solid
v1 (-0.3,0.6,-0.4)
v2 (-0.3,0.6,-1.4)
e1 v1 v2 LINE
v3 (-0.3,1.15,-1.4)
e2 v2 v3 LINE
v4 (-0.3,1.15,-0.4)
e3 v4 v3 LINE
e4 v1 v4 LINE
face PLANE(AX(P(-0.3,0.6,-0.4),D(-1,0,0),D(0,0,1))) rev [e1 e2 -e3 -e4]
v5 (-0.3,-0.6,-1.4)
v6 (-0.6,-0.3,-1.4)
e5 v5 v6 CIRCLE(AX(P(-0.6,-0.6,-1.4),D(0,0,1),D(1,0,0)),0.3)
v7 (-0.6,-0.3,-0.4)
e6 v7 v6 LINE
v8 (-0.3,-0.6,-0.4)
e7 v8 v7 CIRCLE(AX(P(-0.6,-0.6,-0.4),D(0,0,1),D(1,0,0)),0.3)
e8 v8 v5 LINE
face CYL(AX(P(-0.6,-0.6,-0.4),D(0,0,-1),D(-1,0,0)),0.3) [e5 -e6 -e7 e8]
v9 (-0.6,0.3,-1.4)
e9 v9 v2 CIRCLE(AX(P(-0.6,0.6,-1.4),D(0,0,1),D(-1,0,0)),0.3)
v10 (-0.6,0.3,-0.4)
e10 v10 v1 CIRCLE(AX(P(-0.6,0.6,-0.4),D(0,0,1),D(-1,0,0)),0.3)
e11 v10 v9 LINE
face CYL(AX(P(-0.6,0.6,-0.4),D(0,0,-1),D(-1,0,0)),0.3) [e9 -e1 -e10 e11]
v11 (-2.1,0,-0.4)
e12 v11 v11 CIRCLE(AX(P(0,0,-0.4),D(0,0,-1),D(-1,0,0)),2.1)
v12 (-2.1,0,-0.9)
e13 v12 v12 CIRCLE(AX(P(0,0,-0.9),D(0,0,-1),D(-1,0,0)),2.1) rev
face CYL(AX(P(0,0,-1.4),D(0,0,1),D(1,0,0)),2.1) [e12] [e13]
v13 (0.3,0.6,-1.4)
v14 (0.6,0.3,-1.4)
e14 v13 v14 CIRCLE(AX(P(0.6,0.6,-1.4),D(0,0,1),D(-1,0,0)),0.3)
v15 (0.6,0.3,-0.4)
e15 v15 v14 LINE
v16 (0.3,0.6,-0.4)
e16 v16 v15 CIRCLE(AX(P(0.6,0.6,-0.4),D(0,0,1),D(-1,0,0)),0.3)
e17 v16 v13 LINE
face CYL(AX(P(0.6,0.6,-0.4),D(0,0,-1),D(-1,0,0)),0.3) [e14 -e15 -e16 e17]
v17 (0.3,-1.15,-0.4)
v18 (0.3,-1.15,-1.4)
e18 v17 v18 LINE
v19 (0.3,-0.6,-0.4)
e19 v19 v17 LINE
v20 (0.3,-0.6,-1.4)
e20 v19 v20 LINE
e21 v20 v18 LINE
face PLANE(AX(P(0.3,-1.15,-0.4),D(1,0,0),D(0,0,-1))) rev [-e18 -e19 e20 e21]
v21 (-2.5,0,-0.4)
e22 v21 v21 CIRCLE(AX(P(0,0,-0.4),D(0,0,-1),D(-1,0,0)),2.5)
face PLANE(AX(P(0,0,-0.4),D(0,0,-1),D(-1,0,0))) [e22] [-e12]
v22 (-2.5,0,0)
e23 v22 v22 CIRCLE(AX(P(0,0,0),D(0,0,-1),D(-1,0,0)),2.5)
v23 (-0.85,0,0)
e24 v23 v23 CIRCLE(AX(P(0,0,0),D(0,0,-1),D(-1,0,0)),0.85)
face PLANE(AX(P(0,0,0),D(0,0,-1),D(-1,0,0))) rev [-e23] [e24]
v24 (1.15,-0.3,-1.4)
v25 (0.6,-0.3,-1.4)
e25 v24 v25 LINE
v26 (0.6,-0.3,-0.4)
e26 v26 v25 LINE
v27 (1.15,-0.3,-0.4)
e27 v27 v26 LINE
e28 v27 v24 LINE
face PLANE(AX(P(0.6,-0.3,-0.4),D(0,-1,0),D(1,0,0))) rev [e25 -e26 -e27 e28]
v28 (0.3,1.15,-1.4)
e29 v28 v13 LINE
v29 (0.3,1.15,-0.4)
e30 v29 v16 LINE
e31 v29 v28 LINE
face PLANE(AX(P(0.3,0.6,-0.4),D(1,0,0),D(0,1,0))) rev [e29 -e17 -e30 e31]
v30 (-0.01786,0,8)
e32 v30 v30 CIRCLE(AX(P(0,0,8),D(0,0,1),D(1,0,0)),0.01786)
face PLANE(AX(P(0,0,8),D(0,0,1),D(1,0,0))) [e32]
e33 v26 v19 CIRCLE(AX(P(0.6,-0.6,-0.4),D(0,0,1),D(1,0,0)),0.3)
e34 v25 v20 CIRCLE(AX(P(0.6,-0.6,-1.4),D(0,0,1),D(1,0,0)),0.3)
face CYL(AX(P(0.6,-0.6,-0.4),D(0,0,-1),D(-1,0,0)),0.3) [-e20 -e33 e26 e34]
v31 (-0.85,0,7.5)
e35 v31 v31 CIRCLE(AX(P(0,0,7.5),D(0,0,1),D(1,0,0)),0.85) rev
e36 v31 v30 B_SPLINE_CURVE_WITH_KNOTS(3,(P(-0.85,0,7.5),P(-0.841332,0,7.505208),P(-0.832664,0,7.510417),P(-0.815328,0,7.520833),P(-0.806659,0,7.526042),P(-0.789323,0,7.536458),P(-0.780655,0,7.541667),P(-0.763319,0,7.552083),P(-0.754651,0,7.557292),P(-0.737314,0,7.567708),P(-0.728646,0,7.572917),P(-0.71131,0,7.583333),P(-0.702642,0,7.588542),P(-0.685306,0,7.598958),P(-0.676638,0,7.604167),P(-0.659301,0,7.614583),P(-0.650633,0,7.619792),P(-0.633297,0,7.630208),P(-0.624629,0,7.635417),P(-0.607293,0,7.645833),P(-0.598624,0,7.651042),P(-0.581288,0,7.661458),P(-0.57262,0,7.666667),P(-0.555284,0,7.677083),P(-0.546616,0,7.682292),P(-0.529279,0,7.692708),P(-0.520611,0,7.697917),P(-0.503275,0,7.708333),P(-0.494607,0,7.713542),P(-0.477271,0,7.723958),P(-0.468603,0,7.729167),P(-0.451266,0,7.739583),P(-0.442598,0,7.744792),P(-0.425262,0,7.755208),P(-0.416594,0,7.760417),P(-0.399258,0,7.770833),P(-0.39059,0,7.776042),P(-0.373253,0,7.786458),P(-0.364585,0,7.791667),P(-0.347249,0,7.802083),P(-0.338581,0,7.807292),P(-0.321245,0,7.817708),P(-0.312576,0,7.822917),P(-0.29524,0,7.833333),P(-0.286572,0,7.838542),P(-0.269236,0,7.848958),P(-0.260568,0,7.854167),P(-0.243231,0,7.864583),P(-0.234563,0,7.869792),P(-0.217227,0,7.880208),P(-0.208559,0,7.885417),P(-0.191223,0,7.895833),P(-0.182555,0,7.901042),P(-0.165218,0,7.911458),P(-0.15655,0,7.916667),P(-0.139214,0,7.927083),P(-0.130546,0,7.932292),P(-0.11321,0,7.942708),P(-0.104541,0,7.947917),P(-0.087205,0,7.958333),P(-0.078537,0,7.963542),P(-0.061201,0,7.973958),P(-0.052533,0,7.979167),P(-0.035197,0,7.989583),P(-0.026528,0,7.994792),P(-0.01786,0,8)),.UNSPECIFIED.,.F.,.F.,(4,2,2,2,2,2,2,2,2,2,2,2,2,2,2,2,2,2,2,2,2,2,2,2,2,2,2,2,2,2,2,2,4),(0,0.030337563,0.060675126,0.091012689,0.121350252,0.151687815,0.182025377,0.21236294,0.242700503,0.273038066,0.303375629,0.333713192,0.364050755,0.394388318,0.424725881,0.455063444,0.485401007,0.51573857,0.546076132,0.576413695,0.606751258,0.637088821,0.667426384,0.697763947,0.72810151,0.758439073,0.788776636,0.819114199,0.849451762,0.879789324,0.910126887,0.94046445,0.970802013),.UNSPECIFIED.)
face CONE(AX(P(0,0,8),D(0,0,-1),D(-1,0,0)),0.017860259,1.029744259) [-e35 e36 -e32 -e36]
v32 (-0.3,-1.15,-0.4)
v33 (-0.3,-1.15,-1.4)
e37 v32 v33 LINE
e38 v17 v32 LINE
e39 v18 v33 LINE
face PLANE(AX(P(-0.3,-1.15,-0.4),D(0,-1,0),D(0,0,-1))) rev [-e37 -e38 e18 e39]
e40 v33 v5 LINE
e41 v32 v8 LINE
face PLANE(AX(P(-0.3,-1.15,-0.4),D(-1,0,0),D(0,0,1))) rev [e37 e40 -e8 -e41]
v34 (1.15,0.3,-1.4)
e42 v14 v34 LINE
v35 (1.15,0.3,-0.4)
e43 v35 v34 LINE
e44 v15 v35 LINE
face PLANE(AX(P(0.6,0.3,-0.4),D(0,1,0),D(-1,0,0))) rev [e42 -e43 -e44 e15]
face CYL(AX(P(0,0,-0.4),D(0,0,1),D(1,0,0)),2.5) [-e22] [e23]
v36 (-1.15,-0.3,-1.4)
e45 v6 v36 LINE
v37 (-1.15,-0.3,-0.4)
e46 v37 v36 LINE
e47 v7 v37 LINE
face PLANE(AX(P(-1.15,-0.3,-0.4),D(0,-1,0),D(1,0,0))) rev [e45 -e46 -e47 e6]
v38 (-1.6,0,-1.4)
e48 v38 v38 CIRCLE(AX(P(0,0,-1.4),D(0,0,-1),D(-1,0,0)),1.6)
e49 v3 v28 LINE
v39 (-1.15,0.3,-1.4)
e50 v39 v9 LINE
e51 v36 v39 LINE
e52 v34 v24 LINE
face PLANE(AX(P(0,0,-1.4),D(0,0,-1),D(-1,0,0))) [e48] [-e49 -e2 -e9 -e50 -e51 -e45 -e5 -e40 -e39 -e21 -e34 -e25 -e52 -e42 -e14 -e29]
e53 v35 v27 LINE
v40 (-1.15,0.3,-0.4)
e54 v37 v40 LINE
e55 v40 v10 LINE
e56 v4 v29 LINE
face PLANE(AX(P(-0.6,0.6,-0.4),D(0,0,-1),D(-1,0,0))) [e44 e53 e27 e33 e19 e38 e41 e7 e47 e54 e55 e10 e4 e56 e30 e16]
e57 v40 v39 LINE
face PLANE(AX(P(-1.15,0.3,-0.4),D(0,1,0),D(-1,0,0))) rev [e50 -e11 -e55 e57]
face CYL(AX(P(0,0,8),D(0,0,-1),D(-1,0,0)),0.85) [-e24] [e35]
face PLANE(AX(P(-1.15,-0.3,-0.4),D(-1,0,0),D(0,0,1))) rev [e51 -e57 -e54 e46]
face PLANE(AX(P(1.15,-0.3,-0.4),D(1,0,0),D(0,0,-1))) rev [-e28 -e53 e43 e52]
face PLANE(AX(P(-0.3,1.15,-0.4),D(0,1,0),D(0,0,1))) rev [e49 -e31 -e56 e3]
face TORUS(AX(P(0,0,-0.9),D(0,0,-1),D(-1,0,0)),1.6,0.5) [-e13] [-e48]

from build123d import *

# Parameters (mm, degrees)
ESBO_O1_R                = 0.85
RESSALTO_EXTRUS_O1_DEPTH = 8
CHANFRO1_SIZE            = 0.5
CHANFRO1_SIZE2           = 0.832139741
ESBO_O2_R                = 2.5
RESSALTO_EXTRUS_O2_DEPTH = 0.4
ESBO_O3_R                = 2.1
RESSALTO_EXTRUS_O3_DEPTH = 1
FILETE1_R                = 0.5
CORTE_EXTRUS_O1_DEPTH    = 1


with BuildPart() as part:
    # Esboço1 → Ressalto-extrusão1 (new body)
    with BuildSketch(Plane.XY):
        Circle(ESBO_O1_R)
    extrude(amount=RESSALTO_EXTRUS_O1_DEPTH)

    # Chanfro1
    chanfro1_edges = [part.edges().sort_by_distance(p)[0] for p in [
        (-0.85, 0, 8),
    ]]
    chanfro1_side = [part.faces().sort_by_distance(p)[0] for p in [
        (-0.85, 0, 4),
    ]]
    chamfer(chanfro1_edges, length=CHANFRO1_SIZE, length2=CHANFRO1_SIZE2, reference=chanfro1_side[0])

    # Esboço2 → Ressalto-extrusão2 (add)
    with BuildSketch(Plane(origin=(0, 0, 0), x_dir=(-1, 0, 0), z_dir=(0, 0, -1))):
        Circle(ESBO_O2_R)
    extrude(amount=RESSALTO_EXTRUS_O2_DEPTH)

    # Esboço3 → Ressalto-extrusão3 (add)
    with BuildSketch(Plane(origin=(0, 0, -0.4), x_dir=(-1, 0, 0), z_dir=(0, 0, -1))):
        Circle(ESBO_O3_R)
    extrude(amount=RESSALTO_EXTRUS_O3_DEPTH)

    # Filete1
    filete1_edges = [part.edges().sort_by_distance(p)[0] for p in [
        (2.1, 0, -1.4),
    ]]
    fillet(filete1_edges, radius=FILETE1_R)

    # Esboço4 → Corte-extrusão1 (cut)
    with BuildSketch(Plane(origin=(0, 0, -1.4), x_dir=(-1, 0, 0), z_dir=(0, 0, -1))):
        with BuildLine():
            Line((-0.6, 0.3), (-1.15, 0.3))
            Line((-1.15, 0.3), (-1.15, -0.3))
            Line((-1.15, -0.3), (-0.6, -0.3))
            ThreePointArc((-0.6, -0.3), (-0.387867966, -0.387867966), (-0.3, -0.6))
            Line((-0.3, -0.6), (-0.3, -1.15))
            Line((-0.3, -1.15), (0.3, -1.15))
            Line((0.3, -1.15), (0.3, -0.6))
            ThreePointArc((0.3, -0.6), (0.387867966, -0.387867966), (0.6, -0.3))
            Line((0.6, -0.3), (1.15, -0.3))
            Line((1.15, -0.3), (1.15, 0.3))
            Line((1.15, 0.3), (0.6, 0.3))
            ThreePointArc((0.6, 0.3), (0.387867966, 0.387867966), (0.3, 0.6))
            Line((0.3, 0.6), (0.3, 1.15))
            Line((0.3, 1.15), (-0.3, 1.15))
            Line((-0.3, 1.15), (-0.3, 0.6))
            ThreePointArc((-0.3, 0.6), (-0.387867966, 0.387867966), (-0.6, 0.3))
        make_face()
    extrude(amount=-CORTE_EXTRUS_O1_DEPTH, mode=Mode.SUBTRACT)


solid = part.part
